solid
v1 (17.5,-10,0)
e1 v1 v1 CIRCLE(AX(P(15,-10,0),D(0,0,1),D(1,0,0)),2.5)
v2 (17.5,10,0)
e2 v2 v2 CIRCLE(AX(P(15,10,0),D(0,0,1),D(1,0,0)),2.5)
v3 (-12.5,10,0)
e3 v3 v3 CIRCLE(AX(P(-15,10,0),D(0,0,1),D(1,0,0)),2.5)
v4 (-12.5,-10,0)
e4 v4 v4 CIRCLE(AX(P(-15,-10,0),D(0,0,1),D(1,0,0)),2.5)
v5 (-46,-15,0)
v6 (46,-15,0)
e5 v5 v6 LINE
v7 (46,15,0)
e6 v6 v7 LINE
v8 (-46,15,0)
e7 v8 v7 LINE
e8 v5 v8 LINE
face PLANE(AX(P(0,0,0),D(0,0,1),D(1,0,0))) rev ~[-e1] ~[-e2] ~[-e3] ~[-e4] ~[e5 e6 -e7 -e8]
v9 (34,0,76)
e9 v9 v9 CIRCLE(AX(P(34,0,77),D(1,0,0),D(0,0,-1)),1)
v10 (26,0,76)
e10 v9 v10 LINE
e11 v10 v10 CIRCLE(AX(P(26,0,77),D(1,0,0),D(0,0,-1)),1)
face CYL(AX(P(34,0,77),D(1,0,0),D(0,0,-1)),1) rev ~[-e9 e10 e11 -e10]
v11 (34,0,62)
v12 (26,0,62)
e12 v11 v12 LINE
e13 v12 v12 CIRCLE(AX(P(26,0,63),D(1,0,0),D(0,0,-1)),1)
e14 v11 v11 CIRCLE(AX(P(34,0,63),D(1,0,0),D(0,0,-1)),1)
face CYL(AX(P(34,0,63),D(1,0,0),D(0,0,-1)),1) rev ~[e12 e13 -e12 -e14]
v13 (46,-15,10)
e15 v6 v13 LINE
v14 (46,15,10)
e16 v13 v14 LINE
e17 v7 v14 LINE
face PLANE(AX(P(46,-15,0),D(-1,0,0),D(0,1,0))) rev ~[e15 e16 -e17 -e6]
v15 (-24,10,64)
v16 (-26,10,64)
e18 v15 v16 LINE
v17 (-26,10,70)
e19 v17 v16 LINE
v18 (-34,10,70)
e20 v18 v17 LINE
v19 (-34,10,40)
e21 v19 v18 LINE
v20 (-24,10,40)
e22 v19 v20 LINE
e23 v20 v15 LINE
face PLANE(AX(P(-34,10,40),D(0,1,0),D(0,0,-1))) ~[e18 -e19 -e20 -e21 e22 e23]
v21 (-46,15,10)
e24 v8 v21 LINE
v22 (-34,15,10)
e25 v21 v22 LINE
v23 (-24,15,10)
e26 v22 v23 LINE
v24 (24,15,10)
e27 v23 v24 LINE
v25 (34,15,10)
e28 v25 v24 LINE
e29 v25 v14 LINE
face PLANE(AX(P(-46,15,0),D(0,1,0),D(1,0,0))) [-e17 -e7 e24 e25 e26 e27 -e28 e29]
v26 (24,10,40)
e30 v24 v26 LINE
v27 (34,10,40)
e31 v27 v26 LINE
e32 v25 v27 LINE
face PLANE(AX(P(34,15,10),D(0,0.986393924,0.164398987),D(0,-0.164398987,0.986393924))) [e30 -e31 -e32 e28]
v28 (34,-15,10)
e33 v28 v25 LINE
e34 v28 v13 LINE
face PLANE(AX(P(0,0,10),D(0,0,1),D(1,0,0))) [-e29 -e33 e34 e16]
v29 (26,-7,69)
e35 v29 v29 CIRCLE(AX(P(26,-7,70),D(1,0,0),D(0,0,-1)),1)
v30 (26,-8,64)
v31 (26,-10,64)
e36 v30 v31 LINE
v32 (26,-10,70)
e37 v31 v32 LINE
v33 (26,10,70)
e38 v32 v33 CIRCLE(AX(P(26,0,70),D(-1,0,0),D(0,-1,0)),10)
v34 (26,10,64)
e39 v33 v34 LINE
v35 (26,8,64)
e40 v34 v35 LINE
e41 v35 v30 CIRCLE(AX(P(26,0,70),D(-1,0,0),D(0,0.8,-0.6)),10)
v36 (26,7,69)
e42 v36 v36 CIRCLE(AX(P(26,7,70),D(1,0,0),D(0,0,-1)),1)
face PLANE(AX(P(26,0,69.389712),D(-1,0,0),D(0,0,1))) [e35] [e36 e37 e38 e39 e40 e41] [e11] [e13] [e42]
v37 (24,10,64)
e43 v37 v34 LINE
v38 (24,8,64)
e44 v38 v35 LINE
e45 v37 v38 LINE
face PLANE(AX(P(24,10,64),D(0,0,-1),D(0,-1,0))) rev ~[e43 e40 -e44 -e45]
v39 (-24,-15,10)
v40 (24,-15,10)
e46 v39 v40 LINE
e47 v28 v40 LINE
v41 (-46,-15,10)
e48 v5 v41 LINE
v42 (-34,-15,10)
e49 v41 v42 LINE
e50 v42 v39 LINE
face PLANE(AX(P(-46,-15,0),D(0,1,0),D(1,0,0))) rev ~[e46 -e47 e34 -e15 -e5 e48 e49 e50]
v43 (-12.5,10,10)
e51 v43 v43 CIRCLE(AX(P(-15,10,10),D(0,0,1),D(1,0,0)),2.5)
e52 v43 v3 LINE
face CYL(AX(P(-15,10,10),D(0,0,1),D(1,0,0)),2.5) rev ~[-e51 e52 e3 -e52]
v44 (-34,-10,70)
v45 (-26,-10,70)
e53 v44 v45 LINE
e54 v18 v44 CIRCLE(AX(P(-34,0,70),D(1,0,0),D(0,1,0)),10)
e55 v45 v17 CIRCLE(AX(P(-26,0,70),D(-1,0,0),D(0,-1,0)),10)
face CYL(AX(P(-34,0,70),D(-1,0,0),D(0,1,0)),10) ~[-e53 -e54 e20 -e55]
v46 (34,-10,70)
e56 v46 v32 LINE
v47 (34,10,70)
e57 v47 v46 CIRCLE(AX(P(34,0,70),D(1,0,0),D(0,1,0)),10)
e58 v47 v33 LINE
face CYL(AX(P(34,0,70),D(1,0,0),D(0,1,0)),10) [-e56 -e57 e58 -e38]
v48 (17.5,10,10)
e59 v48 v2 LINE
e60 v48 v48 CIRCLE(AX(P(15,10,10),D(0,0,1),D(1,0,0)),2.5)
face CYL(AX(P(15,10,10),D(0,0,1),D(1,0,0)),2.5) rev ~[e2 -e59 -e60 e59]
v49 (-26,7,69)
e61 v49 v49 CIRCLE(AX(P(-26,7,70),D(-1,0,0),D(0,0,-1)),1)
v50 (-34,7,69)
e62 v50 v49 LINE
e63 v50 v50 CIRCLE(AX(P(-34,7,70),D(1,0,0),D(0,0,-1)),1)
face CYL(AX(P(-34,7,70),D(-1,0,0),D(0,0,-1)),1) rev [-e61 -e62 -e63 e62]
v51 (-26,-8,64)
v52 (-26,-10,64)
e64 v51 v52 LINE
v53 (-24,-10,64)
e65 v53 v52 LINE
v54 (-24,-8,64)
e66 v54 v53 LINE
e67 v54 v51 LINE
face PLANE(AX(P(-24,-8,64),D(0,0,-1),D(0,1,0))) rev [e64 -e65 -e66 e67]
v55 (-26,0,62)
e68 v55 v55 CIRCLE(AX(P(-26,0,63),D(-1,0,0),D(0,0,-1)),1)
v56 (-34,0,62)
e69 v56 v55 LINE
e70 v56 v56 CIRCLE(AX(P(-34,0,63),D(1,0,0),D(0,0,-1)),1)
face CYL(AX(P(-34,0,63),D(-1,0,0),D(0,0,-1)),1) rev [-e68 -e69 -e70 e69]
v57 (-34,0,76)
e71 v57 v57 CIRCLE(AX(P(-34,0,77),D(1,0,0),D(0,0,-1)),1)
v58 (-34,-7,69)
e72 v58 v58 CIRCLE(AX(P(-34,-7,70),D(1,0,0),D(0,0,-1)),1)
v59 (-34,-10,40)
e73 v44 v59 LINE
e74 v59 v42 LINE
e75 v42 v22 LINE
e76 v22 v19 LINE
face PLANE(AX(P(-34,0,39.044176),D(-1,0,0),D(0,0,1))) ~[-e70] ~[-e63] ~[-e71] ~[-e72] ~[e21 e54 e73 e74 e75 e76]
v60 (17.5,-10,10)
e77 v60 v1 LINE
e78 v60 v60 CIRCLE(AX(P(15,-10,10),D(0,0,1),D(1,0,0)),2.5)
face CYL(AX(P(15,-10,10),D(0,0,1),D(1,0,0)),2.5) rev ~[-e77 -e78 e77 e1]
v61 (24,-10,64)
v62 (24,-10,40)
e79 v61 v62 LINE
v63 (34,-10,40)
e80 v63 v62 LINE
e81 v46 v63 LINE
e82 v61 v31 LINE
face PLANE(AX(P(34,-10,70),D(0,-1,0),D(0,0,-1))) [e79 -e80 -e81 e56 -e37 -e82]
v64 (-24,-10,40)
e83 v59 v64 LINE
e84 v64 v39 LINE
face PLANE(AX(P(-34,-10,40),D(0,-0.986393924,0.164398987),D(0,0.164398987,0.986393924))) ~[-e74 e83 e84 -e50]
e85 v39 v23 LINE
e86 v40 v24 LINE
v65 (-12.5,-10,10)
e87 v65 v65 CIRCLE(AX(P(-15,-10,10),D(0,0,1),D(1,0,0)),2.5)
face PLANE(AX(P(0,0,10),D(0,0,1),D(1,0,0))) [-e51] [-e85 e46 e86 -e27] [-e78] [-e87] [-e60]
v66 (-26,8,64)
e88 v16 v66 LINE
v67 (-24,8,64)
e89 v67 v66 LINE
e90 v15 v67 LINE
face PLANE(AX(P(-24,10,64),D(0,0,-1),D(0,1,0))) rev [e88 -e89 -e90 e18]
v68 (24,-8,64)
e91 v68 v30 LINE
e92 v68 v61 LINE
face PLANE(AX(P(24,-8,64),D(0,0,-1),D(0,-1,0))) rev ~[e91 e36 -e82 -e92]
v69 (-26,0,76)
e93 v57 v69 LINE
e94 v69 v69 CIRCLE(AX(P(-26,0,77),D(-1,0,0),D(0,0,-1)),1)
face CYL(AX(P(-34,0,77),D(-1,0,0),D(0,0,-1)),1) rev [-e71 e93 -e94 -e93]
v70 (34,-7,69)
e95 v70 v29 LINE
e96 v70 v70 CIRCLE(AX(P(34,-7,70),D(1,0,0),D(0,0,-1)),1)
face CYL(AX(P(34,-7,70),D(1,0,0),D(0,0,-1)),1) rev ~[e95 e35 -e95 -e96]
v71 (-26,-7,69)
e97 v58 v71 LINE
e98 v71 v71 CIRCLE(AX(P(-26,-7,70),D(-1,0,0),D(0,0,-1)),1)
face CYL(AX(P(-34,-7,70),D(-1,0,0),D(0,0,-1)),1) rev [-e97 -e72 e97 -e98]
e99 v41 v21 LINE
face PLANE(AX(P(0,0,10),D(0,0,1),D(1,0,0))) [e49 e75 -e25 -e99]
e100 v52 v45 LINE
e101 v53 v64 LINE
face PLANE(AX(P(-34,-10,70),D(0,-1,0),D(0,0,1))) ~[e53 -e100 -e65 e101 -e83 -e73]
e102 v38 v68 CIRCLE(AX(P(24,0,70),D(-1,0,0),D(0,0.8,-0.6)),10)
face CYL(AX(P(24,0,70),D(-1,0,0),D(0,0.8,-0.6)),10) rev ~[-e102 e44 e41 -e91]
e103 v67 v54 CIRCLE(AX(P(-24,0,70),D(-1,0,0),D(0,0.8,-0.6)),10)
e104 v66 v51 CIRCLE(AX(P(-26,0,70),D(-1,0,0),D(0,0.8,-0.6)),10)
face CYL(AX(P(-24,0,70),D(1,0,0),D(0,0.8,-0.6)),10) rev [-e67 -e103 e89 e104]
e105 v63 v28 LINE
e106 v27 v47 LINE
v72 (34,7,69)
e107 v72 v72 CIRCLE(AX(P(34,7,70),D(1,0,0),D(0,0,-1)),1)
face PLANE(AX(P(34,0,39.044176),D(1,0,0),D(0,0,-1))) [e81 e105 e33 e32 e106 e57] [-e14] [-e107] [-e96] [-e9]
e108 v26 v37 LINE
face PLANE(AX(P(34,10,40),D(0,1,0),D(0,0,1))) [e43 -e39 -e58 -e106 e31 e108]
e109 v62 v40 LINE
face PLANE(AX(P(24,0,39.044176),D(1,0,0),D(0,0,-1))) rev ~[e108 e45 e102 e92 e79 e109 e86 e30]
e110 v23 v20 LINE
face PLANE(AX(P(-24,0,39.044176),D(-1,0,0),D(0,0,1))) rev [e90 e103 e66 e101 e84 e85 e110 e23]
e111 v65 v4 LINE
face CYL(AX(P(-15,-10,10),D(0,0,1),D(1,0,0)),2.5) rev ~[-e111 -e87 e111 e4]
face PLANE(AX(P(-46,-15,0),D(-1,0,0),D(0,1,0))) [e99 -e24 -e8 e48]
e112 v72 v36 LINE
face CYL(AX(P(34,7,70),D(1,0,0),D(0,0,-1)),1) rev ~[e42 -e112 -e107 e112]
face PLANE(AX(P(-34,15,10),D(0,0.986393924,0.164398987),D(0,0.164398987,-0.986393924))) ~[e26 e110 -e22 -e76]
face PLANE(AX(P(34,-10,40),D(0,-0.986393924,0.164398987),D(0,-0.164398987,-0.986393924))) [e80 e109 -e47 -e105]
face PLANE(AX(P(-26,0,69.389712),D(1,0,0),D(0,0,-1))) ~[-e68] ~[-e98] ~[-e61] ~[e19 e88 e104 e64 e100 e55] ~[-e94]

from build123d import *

# Parameters (mm, degrees)
SKETCH1_W           = 92
SKETCH1_H           = 30
BOSS_EXTRUDE1_DEPTH = 10
BOSS_EXTRUDE2_START = -12
BOSS_EXTRUDE2_DEPTH = 10
SKETCH3_R           = 1
CUT_EXTRUDE1_DEPTH  = 10
CUT_EXTRUDE2_DEPTH  = 2
SKETCH7_R           = 2.5
CUT_EXTRUDE3_DEPTH  = 10


with BuildPart() as part:
    # Sketch1 → Boss-Extrude1 (new body)
    with BuildSketch(Plane.XY):
        Rectangle(SKETCH1_W, SKETCH1_H)
    extrude(amount=BOSS_EXTRUDE1_DEPTH)

    # Sketch2 → Boss-Extrude2 (add)
    with BuildSketch(Plane(origin=(46, 0, 0), x_dir=(0, 0, -1), z_dir=(1, 0, 0)).offset(BOSS_EXTRUDE2_START)):
        with BuildLine():
            Line((-10, -15), (-10, 15))
            Line((-10, 15), (-40, 10))
            Line((-40, 10), (-70, 10))
            ThreePointArc((-70, 10), (-62.928932188, 7.071067812), (-60, 0))
            ThreePointArc((-60, 0), (-62.928932188, -7.071067812), (-70, -10))
            Line((-70, -10), (-40, -10))
            Line((-40, -10), (-10, -15))
        make_face()
        with BuildLine():
            ThreePointArc((-60, 0), (-62.928932188, 7.071067812), (-70, 10))
            Line((-70, 10), (-70, -10))
            ThreePointArc((-70, -10), (-62.928932188, -7.071067812), (-60, 0))
        make_face()
        with BuildLine():
            Line((-70, -10), (-70, 10))
            ThreePointArc((-70, 10), (-80, 0), (-70, -10))
        make_face()
    boss_extrude2 = extrude(amount=-BOSS_EXTRUDE2_DEPTH)

    # Sketch3 → Cut-Extrude1 (cut)
    with BuildSketch(Plane(origin=(34, 0, 0), x_dir=(0, 0, -1), z_dir=(1, 0, 0))):
        with Locations((-70, 7)):
            Circle(SKETCH3_R)
        with Locations((-63, 0)):
            Circle(SKETCH3_R)
        with Locations((-70, -7)):
            Circle(SKETCH3_R)
        with Locations((-77, 0)):
            Circle(SKETCH3_R)
    cut_extrude1 = extrude(amount=-CUT_EXTRUDE1_DEPTH, mode=Mode.SUBTRACT)

    # Mirror1: Boss-Extrude2, Cut-Extrude1 across plane
    add(boss_extrude2.mirror(Plane(origin=(0, 0, 0), x_dir=(0, 0, 1), z_dir=(1, 0, 0))))
    add(cut_extrude1.mirror(Plane(origin=(0, 0, 0), x_dir=(0, 0, 1), z_dir=(1, 0, 0))), mode=Mode.SUBTRACT)

    # Sketch6 → Cut-Extrude2 (cut)
    with BuildSketch(Plane.ZY.offset(-24)):
        with BuildLine():
            Line((70, 10), (64, 10))
            Line((64, 10), (64, 8))
            ThreePointArc((64, 8), (60, 0), (64, -8))
            Line((64, -8), (64, -10))
            Line((64, -10), (70, -10))
            ThreePointArc((70, -10), (80, 0), (70, 10))
        make_face()
    cut_extrude2 = extrude(amount=-CUT_EXTRUDE2_DEPTH, mode=Mode.SUBTRACT)

    # Mirror2: Cut-Extrude2 across plane
    add(cut_extrude2.mirror(Plane(origin=(0, 0, 0), x_dir=(0, 0, 1), z_dir=(1, 0, 0))), mode=Mode.SUBTRACT)

    # Sketch7 → Cut-Extrude3 (cut)
    with BuildSketch(Plane.XY.offset(10)):
        with Locations((-15, 10)):
            Circle(SKETCH7_R)
        with Locations((15, 10)):
            Circle(SKETCH7_R)
        with Locations((-15, -10)):
            Circle(SKETCH7_R)
        with Locations((15, -10)):
            Circle(SKETCH7_R)
    extrude(amount=-CUT_EXTRUDE3_DEPTH, mode=Mode.SUBTRACT)


solid = part.part
